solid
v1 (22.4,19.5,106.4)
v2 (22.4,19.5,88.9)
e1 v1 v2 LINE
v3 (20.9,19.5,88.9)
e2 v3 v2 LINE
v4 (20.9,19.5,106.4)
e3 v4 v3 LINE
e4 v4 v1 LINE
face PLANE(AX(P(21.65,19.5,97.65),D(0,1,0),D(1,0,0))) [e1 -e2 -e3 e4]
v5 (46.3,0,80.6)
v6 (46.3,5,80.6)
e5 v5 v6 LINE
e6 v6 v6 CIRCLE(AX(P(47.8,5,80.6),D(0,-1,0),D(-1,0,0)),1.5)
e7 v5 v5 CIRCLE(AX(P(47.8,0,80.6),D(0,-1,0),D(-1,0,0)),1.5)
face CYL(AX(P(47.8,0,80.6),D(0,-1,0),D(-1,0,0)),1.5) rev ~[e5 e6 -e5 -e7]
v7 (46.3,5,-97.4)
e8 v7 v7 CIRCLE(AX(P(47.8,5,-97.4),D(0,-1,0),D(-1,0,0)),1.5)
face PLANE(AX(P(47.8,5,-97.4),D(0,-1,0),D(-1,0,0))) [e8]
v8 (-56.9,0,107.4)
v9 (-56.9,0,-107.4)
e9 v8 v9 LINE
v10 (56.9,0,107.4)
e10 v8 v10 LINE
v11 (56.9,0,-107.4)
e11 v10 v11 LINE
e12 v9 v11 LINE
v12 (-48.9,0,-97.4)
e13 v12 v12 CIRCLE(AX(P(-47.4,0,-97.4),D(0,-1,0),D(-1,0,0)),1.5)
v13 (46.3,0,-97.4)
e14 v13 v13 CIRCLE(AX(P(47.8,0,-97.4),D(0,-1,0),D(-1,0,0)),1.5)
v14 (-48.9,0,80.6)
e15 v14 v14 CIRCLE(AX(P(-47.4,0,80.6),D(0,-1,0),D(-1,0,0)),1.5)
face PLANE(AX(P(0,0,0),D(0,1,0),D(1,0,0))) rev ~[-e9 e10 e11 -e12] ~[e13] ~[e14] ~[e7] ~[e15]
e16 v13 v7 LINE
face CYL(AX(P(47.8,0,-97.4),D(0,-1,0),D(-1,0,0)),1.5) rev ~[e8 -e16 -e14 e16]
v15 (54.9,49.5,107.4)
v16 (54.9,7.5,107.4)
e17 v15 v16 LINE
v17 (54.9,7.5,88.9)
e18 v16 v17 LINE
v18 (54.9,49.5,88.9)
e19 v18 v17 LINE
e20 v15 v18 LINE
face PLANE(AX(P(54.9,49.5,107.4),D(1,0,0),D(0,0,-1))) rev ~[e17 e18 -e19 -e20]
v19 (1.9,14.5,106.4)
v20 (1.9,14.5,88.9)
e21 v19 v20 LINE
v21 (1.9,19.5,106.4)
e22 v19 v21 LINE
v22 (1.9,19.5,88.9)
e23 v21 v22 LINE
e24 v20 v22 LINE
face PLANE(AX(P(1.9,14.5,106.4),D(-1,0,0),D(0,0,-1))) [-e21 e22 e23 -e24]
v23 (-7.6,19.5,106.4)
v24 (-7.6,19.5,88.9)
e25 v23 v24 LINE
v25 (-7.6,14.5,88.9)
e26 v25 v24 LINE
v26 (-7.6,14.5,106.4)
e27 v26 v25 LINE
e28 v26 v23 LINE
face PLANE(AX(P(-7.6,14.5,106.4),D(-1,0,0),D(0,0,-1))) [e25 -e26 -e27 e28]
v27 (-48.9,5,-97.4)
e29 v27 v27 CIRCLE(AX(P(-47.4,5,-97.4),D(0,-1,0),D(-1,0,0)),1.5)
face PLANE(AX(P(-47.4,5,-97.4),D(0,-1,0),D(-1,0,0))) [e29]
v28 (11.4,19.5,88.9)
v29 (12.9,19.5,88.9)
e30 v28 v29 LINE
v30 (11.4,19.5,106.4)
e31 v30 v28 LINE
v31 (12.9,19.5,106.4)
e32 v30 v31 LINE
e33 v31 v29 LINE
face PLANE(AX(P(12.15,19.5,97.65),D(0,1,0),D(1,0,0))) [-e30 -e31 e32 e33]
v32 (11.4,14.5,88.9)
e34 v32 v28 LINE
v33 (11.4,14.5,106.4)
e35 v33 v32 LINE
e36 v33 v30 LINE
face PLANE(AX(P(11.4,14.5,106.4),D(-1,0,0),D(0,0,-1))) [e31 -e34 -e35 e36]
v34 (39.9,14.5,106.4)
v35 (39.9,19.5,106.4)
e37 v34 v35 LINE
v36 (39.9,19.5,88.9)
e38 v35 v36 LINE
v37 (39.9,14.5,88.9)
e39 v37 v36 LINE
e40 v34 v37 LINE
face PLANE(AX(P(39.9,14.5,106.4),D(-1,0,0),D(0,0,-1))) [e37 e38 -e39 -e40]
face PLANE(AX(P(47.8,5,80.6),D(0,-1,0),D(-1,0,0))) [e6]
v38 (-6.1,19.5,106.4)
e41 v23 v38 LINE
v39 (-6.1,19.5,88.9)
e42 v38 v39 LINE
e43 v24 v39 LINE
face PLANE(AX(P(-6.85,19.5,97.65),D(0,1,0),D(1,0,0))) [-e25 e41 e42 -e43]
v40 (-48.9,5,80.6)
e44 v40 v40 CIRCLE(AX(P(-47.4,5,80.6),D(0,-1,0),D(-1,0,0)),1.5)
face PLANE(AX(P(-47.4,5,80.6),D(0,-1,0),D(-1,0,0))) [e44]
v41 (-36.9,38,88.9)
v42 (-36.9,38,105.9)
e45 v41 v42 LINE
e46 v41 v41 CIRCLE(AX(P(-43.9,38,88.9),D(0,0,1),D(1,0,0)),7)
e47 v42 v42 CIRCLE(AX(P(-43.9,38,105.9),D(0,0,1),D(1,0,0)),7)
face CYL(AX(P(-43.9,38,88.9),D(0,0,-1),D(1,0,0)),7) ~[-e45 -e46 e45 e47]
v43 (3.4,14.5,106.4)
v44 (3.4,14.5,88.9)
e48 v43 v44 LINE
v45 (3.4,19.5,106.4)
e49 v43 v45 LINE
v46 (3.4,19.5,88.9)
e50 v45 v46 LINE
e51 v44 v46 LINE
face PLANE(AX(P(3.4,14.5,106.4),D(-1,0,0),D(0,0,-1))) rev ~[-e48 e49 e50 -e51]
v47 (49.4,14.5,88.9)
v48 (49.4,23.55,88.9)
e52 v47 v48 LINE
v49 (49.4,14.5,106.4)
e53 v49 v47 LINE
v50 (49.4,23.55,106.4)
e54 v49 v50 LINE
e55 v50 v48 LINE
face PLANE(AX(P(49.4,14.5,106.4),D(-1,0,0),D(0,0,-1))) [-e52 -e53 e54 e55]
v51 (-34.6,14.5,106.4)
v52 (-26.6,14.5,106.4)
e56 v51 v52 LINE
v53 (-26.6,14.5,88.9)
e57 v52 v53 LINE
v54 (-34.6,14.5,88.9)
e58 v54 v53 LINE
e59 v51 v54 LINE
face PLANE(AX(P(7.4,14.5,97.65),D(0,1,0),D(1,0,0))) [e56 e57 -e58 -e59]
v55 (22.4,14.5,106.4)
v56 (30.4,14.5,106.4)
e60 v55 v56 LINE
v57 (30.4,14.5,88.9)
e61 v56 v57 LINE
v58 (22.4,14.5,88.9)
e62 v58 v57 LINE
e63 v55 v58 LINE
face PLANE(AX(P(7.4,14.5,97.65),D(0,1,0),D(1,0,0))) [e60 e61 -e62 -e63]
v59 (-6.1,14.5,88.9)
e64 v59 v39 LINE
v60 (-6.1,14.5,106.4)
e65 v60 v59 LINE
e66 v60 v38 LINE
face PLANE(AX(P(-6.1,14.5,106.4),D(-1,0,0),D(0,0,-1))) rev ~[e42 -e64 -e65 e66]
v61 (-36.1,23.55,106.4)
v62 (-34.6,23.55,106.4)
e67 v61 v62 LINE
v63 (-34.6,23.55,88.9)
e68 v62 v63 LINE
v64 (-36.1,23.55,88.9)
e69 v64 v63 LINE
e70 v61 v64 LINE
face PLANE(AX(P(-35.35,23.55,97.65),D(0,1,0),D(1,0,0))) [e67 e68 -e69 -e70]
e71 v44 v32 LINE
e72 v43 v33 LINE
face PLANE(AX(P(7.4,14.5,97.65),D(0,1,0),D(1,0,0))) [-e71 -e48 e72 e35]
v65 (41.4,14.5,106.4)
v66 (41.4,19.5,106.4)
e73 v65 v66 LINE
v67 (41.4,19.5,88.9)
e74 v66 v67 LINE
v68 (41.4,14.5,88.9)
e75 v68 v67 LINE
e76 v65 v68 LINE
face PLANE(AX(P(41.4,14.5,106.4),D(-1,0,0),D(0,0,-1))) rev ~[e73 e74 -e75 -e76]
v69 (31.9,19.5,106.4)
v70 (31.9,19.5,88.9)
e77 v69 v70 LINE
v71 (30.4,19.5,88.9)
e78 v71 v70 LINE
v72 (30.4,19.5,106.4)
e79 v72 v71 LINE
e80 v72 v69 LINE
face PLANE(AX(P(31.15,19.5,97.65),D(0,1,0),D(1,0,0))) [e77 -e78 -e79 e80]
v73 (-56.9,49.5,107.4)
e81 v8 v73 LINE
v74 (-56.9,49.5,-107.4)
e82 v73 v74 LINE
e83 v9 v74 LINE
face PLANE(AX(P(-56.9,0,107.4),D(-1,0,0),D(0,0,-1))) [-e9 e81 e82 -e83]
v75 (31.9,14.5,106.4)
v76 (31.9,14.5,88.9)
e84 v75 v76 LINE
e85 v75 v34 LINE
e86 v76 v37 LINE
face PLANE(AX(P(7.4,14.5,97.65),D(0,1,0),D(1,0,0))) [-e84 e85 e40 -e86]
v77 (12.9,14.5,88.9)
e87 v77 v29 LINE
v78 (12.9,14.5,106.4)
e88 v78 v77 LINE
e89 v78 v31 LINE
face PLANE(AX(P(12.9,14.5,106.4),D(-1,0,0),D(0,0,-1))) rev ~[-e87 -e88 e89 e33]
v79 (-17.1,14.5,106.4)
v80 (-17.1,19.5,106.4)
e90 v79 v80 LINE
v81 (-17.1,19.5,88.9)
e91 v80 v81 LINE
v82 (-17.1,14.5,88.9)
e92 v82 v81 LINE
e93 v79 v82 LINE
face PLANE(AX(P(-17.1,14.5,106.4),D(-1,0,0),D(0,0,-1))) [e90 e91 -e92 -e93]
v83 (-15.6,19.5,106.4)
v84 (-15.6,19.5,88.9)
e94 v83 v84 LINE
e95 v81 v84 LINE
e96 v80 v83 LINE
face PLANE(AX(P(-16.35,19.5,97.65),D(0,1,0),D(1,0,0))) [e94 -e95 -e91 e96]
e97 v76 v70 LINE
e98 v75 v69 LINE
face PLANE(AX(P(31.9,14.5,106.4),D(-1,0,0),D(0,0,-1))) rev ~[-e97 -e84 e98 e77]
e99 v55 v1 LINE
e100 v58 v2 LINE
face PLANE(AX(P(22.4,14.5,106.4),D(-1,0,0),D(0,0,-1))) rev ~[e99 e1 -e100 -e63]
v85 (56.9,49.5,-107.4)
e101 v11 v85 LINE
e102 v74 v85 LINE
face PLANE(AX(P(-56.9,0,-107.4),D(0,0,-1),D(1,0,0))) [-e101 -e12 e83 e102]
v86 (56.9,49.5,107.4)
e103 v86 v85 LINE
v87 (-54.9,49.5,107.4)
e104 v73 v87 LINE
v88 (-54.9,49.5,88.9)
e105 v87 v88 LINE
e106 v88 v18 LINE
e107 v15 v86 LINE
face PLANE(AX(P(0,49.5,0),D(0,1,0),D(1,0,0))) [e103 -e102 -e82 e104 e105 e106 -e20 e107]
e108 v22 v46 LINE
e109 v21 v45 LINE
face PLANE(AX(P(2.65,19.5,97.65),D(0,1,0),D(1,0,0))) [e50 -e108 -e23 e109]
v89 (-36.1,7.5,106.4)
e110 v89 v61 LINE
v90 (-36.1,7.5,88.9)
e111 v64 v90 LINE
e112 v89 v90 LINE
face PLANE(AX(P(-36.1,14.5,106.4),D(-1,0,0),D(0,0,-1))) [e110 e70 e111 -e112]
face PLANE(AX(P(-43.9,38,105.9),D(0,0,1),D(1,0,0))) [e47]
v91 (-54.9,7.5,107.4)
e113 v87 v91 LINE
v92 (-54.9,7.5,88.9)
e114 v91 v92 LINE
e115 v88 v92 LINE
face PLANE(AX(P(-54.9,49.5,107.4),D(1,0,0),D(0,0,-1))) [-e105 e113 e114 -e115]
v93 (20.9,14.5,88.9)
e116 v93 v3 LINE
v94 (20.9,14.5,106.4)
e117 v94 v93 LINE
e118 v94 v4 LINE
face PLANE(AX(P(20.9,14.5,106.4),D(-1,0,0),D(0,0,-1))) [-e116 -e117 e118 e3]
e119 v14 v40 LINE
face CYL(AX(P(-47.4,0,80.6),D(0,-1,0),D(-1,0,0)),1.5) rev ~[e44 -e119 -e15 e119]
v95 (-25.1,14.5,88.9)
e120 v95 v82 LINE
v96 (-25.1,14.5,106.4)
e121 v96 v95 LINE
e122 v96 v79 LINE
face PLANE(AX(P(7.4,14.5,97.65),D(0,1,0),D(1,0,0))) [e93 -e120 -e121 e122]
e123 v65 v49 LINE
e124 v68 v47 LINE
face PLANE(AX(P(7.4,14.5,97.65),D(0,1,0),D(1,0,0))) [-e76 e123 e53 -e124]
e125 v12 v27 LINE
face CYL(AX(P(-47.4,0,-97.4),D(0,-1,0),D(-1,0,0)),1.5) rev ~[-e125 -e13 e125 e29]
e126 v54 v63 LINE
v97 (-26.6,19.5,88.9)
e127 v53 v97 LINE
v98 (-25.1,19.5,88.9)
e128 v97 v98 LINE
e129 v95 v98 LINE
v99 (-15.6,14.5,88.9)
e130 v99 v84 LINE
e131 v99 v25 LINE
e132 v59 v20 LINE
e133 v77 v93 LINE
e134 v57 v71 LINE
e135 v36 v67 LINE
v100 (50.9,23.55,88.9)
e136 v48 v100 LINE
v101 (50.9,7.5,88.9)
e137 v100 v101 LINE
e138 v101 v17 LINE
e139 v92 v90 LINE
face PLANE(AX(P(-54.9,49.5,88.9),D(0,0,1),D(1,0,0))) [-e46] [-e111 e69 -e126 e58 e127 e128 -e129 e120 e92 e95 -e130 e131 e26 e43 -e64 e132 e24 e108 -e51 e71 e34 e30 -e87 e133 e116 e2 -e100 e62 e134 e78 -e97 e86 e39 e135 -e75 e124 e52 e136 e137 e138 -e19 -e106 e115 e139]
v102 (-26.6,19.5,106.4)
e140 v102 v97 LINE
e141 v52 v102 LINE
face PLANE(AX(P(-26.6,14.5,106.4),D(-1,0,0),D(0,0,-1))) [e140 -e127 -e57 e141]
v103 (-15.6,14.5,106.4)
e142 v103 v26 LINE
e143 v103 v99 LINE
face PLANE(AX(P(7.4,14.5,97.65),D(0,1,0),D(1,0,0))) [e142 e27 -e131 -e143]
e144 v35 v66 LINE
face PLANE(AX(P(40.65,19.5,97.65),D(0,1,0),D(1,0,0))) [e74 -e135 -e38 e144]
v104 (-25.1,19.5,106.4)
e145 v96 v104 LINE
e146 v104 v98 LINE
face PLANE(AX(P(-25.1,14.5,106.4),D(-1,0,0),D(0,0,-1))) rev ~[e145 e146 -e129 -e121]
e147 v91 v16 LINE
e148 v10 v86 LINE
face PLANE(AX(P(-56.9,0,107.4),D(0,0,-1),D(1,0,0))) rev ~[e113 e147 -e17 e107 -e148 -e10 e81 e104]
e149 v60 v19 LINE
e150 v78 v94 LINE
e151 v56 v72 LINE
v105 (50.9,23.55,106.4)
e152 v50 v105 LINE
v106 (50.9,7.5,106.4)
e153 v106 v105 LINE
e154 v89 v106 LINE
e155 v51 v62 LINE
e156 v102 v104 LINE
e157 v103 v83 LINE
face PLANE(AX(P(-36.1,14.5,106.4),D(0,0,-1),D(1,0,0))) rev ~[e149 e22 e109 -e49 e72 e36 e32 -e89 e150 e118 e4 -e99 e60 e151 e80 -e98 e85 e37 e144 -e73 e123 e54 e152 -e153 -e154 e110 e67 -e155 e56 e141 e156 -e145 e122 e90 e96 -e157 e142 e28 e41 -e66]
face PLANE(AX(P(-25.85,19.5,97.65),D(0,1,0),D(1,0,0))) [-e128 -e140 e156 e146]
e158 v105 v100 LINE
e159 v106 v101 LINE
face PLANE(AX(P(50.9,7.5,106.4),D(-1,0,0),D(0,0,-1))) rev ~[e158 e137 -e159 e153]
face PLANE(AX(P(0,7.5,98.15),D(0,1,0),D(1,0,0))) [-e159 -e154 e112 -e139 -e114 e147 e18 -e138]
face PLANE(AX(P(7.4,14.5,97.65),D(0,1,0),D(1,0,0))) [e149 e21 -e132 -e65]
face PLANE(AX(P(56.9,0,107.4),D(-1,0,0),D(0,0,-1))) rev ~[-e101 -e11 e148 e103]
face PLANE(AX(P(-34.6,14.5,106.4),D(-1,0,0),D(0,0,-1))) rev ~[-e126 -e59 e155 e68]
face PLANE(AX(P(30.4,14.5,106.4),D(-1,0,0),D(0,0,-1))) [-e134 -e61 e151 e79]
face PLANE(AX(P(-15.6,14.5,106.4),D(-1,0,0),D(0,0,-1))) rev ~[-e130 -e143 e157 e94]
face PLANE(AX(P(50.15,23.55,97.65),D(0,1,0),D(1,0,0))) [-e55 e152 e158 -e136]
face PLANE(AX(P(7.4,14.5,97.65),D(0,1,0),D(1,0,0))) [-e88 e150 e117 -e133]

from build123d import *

# Parameters (mm, degrees)
SKETCH1_W           = 113.8
SKETCH1_H           = 214.8
BOSS_EXTRUDE1_DEPTH = 49.5
SKETCH2_W           = 109.8
SKETCH2_H           = 18.5
CUT_EXTRUDE1_DEPTH  = 42
SKETCH3_W           = 87
SKETCH3_H           = 17.5
BOSS_EXTRUDE2_DEPTH = 7
SKETCH4_W           = 1.5
SKETCH4_H           = 17.5
BOSS_EXTRUDE3_DEPTH = 9.05
SKETCH4_3_W         = 1.5
SKETCH4_3_H         = 17.5
BOSS_EXTRUDE4_DEPTH = 5
SKETCH5_R           = 7
BOSS_EXTRUDE5_DEPTH = 17
SKETCH6_R           = 1.5
CUT_EXTRUDE2_DEPTH  = 5


with BuildPart() as part:
    # Sketch1 → Boss-Extrude1 (new body)
    with BuildSketch(Plane(origin=(0, 0, 0), x_dir=(1, 0, 0), z_dir=(0, 1, 0))):
        Rectangle(SKETCH1_W, SKETCH1_H)
    extrude(amount=BOSS_EXTRUDE1_DEPTH)

    # Sketch2 → Cut-Extrude1 (cut)
    with BuildSketch(Plane(origin=(0, 49.5, 0), x_dir=(1, 0, 0), z_dir=(0, 1, 0))):
        with Locations((0, -98.15)):
            Rectangle(SKETCH2_W, SKETCH2_H)
    extrude(amount=-CUT_EXTRUDE1_DEPTH, mode=Mode.SUBTRACT)

    # Sketch3 → Boss-Extrude2 (add)
    with BuildSketch(Plane(origin=(0, 7.5, 0), x_dir=(1, 0, 0), z_dir=(0, 1, 0))):
        with Locations((7.4, -97.65)):
            Rectangle(SKETCH3_W, SKETCH3_H)
    extrude(amount=BOSS_EXTRUDE2_DEPTH)

    # Sketch4 → Boss-Extrude3 (add)
    with BuildSketch(Plane(origin=(0, 14.5, 0), x_dir=(1, 0, 0), z_dir=(0, 1, 0))):
        with Locations((-35.35, -97.65)):
            Rectangle(SKETCH4_W, SKETCH4_H)
        with Locations((50.15, -97.65)):
            Rectangle(SKETCH4_W, SKETCH4_H)
    extrude(amount=BOSS_EXTRUDE3_DEPTH)

    # Sketch4<3> → Boss-Extrude4 (add)
    with BuildSketch(Plane(origin=(0, 14.5, 0), x_dir=(1, 0, 0), z_dir=(0, 1, 0))):
        with Locations((-25.85, -97.65)):
            Rectangle(SKETCH4_3_W, SKETCH4_3_H)
        with Locations((-16.35, -97.65)):
            Rectangle(SKETCH4_3_W, SKETCH4_3_H)
        with Locations((-6.85, -97.65)):
            Rectangle(SKETCH4_3_W, SKETCH4_3_H)
        with Locations((2.65, -97.65)):
            Rectangle(SKETCH4_3_W, SKETCH4_3_H)
        with Locations((12.15, -97.65)):
            Rectangle(SKETCH4_3_W, SKETCH4_3_H)
        with Locations((21.65, -97.65)):
            Rectangle(SKETCH4_3_W, SKETCH4_3_H)
        with Locations((31.15, -97.65)):
            Rectangle(SKETCH4_3_W, SKETCH4_3_H)
        with Locations((40.65, -97.65)):
            Rectangle(SKETCH4_3_W, SKETCH4_3_H)
    extrude(amount=BOSS_EXTRUDE4_DEPTH)

    # Sketch5 → Boss-Extrude5 (add)
    with BuildSketch(Plane.XY.offset(88.9)):
        with Locations((-43.9, 38)):
            Circle(SKETCH5_R)
    extrude(amount=BOSS_EXTRUDE5_DEPTH)

    # Sketch6 → Cut-Extrude2 (cut)
    with BuildSketch(Plane(origin=(0, 0, 0), x_dir=(-1, 0, 0), z_dir=(0, -1, 0))):
        with Locations((-47.8, -80.6)):
            Circle(SKETCH6_R)
        with Locations((-47.8, 97.4)):
            Circle(SKETCH6_R)
        with Locations((47.4, 97.4)):
            Circle(SKETCH6_R)
        with Locations((47.4, -80.6)):
            Circle(SKETCH6_R)
    extrude(amount=-CUT_EXTRUDE2_DEPTH, mode=Mode.SUBTRACT)


solid = part.part
